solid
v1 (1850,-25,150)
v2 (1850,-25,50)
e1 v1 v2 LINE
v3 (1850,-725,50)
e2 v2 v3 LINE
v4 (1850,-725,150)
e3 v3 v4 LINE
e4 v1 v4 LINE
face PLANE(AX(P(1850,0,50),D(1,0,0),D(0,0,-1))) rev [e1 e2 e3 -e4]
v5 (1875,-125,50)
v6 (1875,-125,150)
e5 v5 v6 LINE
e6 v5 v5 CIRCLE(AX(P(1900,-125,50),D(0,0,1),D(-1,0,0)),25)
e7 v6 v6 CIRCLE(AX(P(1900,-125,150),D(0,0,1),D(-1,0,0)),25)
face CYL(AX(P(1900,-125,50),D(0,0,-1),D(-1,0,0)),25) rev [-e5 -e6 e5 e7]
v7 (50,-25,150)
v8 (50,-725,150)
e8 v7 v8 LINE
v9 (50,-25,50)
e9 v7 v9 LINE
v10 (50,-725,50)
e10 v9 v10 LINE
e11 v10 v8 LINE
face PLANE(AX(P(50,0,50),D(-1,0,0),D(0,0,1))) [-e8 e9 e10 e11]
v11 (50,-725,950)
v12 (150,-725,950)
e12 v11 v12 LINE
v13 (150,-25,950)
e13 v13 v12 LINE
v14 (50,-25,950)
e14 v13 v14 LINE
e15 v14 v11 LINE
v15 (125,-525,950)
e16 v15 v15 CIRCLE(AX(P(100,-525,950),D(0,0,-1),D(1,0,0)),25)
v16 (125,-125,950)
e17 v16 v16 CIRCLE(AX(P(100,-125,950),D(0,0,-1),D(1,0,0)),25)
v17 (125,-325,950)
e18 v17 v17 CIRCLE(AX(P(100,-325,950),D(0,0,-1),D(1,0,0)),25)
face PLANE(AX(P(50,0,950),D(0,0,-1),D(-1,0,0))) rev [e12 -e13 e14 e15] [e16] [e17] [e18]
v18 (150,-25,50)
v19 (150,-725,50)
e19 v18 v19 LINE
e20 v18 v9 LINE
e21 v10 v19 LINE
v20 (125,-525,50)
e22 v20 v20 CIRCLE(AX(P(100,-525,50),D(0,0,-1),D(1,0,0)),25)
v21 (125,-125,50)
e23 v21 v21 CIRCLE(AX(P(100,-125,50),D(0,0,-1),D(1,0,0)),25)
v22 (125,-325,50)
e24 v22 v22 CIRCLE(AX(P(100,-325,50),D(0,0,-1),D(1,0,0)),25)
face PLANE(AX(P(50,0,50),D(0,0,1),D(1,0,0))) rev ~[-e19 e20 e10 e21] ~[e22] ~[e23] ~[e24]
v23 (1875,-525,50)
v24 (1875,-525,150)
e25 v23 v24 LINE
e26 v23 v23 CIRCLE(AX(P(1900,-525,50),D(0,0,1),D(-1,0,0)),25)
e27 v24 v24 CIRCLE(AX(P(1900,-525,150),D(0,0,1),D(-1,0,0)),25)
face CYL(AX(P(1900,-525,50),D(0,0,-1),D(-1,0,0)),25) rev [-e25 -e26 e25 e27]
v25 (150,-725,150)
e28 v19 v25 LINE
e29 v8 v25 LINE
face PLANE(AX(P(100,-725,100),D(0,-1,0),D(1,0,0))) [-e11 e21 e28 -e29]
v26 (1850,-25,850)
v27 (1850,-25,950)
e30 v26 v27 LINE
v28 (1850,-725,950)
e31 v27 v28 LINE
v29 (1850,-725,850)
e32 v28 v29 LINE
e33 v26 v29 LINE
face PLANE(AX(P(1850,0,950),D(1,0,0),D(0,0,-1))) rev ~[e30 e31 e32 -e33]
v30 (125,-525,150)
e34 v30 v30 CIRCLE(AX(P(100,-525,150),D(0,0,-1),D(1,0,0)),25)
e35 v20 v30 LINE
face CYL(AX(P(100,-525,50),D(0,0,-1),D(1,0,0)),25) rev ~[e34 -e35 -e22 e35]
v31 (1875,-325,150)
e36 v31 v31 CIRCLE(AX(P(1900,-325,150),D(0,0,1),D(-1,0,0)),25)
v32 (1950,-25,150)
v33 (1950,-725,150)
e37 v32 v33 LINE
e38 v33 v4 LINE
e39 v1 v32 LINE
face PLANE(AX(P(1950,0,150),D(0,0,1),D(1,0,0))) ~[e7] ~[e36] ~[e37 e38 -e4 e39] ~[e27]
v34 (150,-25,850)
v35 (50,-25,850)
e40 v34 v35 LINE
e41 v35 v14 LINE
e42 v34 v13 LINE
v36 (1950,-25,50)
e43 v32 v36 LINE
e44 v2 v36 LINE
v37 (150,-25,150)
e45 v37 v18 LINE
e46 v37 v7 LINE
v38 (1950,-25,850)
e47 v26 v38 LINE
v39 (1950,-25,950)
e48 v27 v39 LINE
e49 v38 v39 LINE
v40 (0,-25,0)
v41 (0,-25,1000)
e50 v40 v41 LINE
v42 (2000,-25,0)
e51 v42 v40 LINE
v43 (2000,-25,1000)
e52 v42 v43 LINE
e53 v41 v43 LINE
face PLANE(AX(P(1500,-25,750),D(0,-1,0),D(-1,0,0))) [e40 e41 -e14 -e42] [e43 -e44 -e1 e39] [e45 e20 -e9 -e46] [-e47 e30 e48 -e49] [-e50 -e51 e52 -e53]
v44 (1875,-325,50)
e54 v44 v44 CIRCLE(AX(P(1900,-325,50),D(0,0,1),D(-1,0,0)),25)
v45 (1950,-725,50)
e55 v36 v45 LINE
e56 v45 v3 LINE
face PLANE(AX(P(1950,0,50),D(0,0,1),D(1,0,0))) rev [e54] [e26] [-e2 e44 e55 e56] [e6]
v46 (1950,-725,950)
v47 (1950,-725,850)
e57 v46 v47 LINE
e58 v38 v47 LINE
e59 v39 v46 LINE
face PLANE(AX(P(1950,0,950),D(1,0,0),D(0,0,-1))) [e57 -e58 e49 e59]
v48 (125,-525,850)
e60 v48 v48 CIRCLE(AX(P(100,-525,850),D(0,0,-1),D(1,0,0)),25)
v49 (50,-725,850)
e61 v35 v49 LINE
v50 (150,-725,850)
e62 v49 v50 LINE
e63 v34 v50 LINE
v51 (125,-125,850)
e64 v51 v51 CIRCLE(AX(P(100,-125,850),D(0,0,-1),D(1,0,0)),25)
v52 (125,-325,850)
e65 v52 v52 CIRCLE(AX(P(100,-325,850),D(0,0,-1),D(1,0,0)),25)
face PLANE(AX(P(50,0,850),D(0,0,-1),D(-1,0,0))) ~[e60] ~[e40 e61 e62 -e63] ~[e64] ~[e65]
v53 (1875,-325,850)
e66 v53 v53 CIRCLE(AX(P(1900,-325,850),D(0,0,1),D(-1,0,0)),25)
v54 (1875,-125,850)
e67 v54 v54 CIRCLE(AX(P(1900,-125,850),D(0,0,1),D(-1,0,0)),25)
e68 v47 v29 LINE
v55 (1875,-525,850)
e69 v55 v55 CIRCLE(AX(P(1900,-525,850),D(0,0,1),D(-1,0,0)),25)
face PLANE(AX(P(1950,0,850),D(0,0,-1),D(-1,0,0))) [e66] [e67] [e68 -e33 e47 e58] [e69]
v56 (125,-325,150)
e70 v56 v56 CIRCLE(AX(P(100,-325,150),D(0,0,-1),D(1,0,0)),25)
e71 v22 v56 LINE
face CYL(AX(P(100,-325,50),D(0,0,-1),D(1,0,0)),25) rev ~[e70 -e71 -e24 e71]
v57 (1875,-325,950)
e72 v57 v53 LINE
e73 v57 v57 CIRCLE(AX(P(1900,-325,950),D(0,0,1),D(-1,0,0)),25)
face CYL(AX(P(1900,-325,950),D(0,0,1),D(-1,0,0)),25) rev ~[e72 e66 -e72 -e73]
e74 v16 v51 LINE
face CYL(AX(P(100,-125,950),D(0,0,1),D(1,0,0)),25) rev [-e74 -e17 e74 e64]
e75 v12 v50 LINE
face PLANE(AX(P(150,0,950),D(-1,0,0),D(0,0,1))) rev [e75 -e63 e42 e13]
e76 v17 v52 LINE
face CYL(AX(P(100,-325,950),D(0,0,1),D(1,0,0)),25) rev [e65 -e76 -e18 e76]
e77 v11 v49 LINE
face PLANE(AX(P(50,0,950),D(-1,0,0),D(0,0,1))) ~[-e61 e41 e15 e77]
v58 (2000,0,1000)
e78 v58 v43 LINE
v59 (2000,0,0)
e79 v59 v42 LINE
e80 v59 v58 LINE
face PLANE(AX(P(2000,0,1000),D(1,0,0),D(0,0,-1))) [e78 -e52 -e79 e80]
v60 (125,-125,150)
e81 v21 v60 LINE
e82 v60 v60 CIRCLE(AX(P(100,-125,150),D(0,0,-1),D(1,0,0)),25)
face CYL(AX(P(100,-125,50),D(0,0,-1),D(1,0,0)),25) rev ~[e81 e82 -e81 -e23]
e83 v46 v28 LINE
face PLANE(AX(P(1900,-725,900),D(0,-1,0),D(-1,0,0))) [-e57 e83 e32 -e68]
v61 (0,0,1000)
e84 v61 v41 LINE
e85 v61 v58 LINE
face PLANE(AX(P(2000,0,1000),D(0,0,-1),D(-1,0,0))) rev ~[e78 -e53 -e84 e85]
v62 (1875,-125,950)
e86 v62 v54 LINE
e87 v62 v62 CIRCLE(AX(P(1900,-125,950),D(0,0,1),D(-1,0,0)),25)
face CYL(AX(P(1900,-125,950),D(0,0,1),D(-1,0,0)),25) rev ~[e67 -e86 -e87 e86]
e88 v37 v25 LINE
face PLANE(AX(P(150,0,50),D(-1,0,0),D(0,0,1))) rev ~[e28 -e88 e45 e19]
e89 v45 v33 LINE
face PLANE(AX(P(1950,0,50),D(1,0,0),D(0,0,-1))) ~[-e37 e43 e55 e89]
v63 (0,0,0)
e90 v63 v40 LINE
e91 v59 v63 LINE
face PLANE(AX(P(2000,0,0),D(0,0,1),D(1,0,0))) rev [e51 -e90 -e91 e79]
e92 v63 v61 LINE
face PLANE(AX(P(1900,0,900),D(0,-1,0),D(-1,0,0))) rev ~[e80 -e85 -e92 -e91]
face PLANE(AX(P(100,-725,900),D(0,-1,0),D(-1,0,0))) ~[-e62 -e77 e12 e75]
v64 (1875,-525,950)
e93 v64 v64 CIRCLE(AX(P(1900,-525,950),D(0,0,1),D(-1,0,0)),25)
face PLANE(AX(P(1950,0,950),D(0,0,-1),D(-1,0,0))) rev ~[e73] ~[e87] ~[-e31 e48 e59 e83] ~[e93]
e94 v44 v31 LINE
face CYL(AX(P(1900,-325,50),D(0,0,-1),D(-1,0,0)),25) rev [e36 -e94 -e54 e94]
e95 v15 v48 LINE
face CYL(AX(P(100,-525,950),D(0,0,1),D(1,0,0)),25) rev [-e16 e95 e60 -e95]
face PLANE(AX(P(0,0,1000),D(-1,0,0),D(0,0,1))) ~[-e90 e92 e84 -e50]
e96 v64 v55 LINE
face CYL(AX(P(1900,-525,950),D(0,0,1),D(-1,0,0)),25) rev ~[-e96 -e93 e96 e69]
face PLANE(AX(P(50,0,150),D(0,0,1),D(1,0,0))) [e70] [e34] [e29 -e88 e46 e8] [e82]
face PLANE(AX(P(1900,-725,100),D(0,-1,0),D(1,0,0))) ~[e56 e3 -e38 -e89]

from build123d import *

# Parameters (mm, degrees)
F0_W     = 1000
F0_H     = 500
F2_DEPTH = 25
F1_W     = 100
F1_H     = 100
F3_DEPTH = 725
F4_R     = 25
F5_DEPTH = 100


with BuildPart() as f2:
    # F0 (on Front) → F2 (new body)
    with BuildSketch(Plane.XZ):
        with Locations((500, 250)):
            Rectangle(F0_W, F0_H)
    extrude(amount=F2_DEPTH)

    # F1 (on Front) → F3 (join)
    with BuildSketch(Plane.XZ):
        with Locations((100, 100)):
            Rectangle(F1_W, F1_H)
    extrude(amount=F3_DEPTH)

    # F4 (on face) → F5 (cut, through all)
    with BuildSketch(Plane(origin=(0, 0, 50), x_dir=(1, 0, 0), z_dir=(0, 0, -1))):
        with Locations((100, 125)):
            Circle(F4_R)
        with Locations((100, 325)):
            Circle(F4_R)
        with Locations((100, 525)):
            Circle(F4_R)
    extrude(amount=-F5_DEPTH, mode=Mode.SUBTRACT)

    # F8: F2 across plane


with BuildPart() as f2_1:
    add(f2.part)
    add(f2.part.mirror(Plane(origin=(500, -12.5, 500), x_dir=(1, 0, 0), z_dir=(0, 0, 1))))

    # F9: F2 across plane


with BuildPart() as f2_2:
    add(f2_1.part)
    add(f2_1.part.mirror(Plane(origin=(1000, -12.5, 250), x_dir=(0, 1, 0), z_dir=(1, 0, 0))))


solid = f2_2.part
